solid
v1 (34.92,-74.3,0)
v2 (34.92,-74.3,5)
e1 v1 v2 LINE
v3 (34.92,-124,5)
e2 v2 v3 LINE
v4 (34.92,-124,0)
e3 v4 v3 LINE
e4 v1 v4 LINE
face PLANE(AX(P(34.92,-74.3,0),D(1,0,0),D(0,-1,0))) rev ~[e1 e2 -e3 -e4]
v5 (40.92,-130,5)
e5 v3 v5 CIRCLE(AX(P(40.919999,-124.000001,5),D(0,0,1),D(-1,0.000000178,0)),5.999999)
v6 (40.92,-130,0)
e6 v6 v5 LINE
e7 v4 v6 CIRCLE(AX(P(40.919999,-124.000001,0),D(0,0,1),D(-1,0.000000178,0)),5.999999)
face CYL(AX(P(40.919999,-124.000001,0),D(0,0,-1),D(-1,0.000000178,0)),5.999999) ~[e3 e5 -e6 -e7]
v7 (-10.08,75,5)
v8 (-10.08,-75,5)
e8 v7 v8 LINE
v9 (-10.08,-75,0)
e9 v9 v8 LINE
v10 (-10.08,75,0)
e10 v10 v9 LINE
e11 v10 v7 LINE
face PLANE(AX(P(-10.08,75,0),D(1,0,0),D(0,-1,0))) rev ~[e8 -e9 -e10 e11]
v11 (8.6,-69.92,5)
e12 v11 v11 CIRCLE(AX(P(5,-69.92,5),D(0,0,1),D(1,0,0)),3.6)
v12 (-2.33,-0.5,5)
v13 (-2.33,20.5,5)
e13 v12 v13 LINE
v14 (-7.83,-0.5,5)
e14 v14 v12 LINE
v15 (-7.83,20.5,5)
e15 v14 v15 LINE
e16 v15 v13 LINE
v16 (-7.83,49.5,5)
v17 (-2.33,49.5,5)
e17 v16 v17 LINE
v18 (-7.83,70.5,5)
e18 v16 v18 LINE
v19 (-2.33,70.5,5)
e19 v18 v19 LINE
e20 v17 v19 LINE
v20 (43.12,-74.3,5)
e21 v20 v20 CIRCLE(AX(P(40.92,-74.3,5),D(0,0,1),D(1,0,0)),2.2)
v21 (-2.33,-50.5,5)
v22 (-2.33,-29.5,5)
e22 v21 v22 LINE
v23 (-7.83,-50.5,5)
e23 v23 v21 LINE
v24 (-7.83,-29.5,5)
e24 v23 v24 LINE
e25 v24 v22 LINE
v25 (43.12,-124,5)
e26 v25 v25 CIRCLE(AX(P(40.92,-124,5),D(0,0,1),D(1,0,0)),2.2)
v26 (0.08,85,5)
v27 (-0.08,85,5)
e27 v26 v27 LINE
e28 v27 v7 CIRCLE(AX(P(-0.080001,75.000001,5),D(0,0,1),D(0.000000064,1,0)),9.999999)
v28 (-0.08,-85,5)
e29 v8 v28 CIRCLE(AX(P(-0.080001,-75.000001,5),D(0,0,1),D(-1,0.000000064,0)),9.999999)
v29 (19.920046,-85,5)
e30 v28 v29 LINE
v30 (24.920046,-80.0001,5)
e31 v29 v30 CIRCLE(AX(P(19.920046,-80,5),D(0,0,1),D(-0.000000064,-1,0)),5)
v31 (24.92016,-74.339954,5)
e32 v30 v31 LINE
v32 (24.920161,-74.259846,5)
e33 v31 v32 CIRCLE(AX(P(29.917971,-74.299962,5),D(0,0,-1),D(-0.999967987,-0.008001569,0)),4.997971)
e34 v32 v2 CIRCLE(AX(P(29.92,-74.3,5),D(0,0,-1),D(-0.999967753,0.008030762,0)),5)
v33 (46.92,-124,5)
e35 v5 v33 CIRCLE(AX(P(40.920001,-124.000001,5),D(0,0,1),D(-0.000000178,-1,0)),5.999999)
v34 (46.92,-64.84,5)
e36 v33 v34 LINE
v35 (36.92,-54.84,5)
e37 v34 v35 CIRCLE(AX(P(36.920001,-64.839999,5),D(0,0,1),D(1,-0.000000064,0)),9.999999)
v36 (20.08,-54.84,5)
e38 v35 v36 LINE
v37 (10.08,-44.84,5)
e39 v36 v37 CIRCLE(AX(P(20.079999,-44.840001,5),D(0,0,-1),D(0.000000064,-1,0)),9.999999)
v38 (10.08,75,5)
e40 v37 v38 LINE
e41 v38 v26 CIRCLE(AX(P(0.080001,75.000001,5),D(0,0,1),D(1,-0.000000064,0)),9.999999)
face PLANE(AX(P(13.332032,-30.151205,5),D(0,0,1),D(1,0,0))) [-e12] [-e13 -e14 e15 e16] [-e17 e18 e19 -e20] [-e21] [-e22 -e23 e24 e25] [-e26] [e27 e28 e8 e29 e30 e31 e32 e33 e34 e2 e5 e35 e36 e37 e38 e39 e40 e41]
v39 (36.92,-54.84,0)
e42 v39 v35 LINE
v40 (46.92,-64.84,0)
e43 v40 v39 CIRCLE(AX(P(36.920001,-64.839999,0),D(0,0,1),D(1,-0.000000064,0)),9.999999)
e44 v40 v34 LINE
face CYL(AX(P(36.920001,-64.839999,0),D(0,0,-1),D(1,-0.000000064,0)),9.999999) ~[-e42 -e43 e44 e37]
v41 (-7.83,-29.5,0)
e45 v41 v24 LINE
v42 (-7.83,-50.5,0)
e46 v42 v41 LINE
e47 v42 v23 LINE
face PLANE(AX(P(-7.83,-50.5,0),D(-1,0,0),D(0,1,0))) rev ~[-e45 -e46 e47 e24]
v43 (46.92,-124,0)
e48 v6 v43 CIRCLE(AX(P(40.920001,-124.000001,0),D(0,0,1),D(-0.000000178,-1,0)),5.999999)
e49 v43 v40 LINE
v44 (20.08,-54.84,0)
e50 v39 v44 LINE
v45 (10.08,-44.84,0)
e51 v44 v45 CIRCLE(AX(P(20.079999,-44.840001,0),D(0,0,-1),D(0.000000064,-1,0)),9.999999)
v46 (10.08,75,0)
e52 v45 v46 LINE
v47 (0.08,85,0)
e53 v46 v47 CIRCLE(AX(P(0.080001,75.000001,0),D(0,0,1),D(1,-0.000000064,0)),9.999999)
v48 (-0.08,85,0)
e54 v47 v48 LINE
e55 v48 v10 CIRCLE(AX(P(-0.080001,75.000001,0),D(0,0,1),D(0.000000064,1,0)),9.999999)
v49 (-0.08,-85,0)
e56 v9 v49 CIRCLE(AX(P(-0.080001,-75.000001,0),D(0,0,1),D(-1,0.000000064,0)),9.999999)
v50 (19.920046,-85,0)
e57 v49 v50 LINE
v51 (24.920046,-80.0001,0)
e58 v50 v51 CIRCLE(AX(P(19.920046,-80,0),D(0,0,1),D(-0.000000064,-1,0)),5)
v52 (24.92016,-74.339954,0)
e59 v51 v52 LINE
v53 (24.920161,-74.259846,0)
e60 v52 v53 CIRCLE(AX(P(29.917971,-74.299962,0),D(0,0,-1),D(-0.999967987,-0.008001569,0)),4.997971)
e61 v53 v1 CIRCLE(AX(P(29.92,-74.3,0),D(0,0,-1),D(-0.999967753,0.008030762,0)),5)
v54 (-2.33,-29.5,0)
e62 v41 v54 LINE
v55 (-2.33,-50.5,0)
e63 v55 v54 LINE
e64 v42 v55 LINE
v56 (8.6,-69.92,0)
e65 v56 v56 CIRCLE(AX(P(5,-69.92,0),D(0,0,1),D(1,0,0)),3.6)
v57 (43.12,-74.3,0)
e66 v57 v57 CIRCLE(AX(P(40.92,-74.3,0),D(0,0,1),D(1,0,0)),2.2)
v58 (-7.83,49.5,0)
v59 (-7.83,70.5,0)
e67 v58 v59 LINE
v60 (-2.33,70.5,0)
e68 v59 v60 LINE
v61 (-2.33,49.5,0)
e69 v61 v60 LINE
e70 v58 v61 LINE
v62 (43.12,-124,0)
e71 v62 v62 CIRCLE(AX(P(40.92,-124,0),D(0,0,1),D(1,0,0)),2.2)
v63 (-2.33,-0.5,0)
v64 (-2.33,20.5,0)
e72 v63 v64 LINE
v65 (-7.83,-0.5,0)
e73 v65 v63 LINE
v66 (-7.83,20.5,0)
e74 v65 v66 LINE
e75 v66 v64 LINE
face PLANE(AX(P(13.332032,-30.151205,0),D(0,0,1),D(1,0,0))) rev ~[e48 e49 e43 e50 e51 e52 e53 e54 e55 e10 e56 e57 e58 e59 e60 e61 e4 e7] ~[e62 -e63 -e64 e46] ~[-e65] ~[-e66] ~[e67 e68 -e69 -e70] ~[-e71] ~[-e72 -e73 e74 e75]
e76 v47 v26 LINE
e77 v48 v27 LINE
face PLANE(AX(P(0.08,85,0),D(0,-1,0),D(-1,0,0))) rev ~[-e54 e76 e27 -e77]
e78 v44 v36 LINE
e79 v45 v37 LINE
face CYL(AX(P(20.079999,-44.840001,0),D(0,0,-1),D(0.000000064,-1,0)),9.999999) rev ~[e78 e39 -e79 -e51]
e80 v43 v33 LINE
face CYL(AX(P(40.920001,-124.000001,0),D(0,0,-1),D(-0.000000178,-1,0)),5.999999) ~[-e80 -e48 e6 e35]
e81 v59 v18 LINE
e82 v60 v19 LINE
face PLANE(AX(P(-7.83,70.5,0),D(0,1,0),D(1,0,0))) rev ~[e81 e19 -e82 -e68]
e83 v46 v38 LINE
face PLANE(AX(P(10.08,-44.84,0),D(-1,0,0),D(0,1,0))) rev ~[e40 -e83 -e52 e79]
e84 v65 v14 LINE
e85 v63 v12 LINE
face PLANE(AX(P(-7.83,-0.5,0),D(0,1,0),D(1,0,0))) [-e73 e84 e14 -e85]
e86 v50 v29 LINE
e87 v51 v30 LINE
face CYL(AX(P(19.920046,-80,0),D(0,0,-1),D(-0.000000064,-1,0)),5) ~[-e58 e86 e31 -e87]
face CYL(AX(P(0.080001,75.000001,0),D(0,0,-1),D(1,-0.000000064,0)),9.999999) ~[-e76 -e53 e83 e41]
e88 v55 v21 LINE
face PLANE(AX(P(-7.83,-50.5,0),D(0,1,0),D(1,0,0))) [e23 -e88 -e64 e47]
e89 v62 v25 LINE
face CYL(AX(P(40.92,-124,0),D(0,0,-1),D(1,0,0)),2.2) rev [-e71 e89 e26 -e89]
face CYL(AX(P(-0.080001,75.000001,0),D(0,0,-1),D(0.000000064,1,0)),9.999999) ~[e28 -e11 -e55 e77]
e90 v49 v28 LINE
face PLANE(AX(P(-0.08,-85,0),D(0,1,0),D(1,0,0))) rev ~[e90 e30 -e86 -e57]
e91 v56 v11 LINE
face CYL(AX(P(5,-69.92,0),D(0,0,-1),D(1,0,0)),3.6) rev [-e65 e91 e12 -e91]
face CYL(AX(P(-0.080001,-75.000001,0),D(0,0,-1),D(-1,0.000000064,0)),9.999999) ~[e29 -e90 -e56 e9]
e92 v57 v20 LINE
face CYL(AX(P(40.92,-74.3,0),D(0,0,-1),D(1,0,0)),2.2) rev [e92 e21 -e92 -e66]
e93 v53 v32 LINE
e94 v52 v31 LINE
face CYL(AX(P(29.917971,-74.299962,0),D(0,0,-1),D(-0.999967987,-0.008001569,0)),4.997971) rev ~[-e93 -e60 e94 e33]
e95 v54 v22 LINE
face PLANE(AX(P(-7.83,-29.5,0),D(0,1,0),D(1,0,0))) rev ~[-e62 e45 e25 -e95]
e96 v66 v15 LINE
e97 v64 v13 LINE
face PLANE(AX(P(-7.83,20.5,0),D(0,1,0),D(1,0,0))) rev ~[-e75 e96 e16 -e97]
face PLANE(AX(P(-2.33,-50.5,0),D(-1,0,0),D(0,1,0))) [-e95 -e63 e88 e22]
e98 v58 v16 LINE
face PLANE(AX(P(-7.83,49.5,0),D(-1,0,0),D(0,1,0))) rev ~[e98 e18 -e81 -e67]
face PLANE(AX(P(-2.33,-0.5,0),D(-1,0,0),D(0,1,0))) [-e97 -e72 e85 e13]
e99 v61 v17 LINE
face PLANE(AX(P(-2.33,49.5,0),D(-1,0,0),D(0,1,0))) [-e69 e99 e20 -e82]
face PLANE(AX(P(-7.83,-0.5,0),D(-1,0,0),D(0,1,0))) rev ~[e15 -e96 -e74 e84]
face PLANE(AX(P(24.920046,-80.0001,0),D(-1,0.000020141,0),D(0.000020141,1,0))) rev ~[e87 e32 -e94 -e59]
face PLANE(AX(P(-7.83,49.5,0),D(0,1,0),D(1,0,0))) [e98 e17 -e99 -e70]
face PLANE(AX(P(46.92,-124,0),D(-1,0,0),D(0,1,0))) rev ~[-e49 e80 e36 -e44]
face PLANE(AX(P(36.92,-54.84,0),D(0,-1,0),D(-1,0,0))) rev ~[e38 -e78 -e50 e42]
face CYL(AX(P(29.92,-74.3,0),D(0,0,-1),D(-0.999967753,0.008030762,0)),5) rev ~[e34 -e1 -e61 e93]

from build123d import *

# Parameters (mm, degrees)
F0_W     = 5.5
F0_H     = 21
F0_R     = 3.6
F0_R_2   = 2.2
F1_DEPTH = 5


with BuildPart() as f1:
    # F0 (on Top) → F1 (new body)
    with BuildSketch(Plane.XY):
        with BuildLine():
            ThreePointArc((10.08, 75), (7.151068, 82.071068), (0.08, 85))
            Line((0.08, 85), (-0.08, 85))
            ThreePointArc((-0.08, 85), (-7.151068, 82.071068), (-10.08, 75))
            Line((-10.08, 75), (-10.08, -75))
            ThreePointArc((-10.08, -75), (-7.151068, -82.071068), (-0.08, -85))
            Line((-0.08, -85), (10.08, -85))
            Line((10.08, -85), (19.920046, -85))
            ThreePointArc((19.920046, -85), (23.455545, -83.535569), (24.920046, -80.0001))
            Line((24.920046, -80.0001), (24.92016, -74.339954))
            ThreePointArc((24.92016, -74.339954), (24.92, -74.2999), (24.920161, -74.259846))
            ThreePointArc((24.920161, -74.259846), (29.940077, -69.30004), (34.92, -74.3))
            Line((34.92, -74.3), (34.92, -124))
            ThreePointArc((34.92, -124), (36.677359, -128.242641), (40.92, -130))
            ThreePointArc((40.92, -130), (45.162641, -128.242641), (46.92, -124))
            Line((46.92, -124), (46.92, -64.84))
            ThreePointArc((46.92, -64.84), (43.991068, -57.768932), (36.92, -54.84))
            Line((36.92, -54.84), (34.92, -54.84))
            Line((34.92, -54.84), (20.08, -54.84))
            ThreePointArc((20.08, -54.84), (13.008932, -51.911068), (10.08, -44.84))
            Line((10.08, -44.84), (10.08, 75))
        make_face()
        with Locations((-5.08, -40)):
            Rectangle(F0_W, F0_H, mode=Mode.SUBTRACT)
        with Locations((5, -69.92)):
            Circle(F0_R, mode=Mode.SUBTRACT)
        with Locations((40.92, -124)):
            Circle(F0_R_2, mode=Mode.SUBTRACT)
        with Locations((40.92, -74.3)):
            Circle(F0_R_2, mode=Mode.SUBTRACT)
        with Locations((-5.08, 10)):
            Rectangle(F0_W, F0_H, mode=Mode.SUBTRACT)
        with Locations((-5.08, 60)):
            Rectangle(F0_W, F0_H, mode=Mode.SUBTRACT)
    extrude(amount=F1_DEPTH)


solid = f1.part
